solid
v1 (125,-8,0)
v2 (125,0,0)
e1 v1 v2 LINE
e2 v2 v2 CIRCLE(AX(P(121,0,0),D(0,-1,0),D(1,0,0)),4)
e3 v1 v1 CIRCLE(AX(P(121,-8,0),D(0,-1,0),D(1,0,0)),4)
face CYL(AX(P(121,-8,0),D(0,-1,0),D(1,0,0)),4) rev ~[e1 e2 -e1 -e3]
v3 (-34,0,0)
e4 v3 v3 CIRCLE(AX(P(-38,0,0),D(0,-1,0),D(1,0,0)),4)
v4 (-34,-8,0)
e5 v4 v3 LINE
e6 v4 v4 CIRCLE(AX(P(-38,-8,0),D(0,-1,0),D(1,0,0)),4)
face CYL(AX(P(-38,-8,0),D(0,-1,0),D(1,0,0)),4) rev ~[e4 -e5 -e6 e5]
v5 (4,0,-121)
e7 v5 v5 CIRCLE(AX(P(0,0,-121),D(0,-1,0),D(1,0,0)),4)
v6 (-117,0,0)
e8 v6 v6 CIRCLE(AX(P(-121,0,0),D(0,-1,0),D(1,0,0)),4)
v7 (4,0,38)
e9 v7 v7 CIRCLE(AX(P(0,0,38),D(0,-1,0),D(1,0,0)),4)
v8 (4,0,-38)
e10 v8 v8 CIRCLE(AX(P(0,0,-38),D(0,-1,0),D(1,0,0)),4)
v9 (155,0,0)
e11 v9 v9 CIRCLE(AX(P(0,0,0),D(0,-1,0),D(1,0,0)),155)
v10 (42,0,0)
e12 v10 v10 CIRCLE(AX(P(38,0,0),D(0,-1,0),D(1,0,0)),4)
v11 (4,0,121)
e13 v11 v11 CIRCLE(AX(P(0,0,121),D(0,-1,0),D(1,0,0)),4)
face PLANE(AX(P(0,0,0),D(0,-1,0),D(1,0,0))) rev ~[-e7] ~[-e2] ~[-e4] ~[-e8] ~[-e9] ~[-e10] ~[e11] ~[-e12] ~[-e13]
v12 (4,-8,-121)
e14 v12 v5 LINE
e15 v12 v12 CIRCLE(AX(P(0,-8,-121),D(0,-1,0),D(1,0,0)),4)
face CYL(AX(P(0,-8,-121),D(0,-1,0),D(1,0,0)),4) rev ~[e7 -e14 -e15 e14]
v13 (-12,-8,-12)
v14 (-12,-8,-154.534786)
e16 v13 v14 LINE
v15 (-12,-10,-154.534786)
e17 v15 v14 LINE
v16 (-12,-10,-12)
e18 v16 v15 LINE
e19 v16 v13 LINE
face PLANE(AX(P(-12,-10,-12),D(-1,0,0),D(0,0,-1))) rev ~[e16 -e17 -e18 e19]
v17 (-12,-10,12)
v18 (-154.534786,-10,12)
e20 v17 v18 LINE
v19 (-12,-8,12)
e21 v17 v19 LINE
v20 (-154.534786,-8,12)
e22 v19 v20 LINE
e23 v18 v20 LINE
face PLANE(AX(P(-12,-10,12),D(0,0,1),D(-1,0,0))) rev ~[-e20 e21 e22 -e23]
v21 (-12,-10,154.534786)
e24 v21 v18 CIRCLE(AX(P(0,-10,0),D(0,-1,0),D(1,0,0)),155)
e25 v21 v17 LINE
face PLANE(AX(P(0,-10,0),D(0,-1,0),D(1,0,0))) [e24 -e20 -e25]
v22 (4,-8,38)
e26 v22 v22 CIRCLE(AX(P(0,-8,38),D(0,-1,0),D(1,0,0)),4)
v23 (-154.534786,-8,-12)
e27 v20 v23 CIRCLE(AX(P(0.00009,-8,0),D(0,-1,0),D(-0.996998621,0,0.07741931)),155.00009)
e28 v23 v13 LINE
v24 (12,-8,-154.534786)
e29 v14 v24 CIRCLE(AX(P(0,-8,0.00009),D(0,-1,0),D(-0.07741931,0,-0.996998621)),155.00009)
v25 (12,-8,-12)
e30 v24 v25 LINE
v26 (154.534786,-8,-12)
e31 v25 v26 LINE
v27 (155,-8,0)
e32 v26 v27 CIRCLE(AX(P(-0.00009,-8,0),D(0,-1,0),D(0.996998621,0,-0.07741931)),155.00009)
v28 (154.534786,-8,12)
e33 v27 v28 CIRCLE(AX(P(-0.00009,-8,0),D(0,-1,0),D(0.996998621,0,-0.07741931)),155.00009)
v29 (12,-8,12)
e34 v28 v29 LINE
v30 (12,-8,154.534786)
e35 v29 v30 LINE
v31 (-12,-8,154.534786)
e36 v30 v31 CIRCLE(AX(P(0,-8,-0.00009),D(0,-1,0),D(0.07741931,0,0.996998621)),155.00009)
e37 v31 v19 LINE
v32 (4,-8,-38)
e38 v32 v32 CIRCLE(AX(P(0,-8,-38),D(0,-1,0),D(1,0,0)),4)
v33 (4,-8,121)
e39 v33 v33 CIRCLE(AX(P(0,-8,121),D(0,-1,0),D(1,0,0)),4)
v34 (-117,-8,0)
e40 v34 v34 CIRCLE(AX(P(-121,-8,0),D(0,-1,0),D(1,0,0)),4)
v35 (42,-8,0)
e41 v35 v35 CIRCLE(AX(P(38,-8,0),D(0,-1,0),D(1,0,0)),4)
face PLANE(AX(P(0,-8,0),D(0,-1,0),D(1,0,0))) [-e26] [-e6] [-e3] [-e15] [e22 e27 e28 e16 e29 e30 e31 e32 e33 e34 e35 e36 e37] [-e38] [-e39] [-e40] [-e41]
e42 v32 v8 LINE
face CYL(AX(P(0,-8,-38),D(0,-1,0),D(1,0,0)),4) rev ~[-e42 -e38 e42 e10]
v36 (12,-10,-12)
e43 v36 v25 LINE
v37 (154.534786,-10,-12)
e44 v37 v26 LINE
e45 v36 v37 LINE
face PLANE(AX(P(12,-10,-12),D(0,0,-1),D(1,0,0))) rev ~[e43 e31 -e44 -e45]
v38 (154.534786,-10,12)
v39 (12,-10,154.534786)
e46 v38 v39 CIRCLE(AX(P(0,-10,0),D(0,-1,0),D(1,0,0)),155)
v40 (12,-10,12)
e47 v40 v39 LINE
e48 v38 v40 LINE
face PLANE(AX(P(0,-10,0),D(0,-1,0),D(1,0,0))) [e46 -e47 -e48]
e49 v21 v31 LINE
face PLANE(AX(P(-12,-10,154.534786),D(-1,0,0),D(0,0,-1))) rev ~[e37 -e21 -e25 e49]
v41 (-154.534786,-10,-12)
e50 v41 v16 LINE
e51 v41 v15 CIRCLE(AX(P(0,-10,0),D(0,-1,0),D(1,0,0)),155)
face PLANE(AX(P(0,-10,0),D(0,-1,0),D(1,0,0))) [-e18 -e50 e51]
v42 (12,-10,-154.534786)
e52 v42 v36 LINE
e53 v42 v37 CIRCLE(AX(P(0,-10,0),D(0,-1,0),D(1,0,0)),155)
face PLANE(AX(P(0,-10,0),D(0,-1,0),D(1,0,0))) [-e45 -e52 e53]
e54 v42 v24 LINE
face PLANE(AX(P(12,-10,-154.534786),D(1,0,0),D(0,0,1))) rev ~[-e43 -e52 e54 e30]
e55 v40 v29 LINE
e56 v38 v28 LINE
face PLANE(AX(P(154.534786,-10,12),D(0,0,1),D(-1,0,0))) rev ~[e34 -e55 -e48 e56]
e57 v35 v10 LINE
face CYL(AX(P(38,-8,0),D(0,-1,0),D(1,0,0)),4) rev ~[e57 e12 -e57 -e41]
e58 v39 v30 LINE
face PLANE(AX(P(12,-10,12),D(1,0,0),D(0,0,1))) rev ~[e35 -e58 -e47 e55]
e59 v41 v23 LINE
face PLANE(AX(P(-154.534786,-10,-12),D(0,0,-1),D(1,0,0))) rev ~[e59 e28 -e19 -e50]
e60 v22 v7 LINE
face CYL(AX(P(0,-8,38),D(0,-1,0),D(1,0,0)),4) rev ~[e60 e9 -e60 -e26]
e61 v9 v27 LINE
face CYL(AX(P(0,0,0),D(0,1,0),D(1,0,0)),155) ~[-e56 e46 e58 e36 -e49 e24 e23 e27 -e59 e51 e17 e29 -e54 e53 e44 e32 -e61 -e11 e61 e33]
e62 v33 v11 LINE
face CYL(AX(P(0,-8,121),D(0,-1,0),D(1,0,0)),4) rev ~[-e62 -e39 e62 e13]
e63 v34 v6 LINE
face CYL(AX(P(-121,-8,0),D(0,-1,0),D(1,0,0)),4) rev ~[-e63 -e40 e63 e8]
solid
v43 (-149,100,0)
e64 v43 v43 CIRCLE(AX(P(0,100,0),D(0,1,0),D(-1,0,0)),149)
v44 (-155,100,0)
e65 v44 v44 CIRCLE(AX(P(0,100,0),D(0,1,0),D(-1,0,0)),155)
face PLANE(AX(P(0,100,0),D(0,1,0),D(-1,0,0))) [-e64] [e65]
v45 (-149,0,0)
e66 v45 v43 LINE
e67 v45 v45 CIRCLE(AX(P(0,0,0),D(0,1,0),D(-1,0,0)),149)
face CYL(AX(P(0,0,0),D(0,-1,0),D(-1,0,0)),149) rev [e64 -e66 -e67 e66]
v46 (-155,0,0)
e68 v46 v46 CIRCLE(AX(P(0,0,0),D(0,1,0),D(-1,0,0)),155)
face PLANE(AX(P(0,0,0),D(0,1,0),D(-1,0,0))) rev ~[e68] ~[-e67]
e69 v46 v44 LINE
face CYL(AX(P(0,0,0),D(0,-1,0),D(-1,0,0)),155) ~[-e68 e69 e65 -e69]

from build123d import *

# Parameters (mm, degrees)
F0_R     = 155
F1_DEPTH = 10
F2_R     = 155
F2_R_2   = 149
F3_DEPTH = 100
F5_DEPTH = 2
F6_R     = 4
F7_DEPTH = 108.001


with BuildPart() as f1:
    # F0 (on Front) → F1 (new body)
    with BuildSketch(Plane.XZ):
        Circle(F0_R)
    extrude(amount=F1_DEPTH)

    # F4 (on face) → F5 (cut)
    with BuildSketch(Plane.XZ.offset(10)):
        with BuildLine():
            Line((-12, 154.534786), (-12, 12))
            Line((-12, 12), (-154.534786, 12))
            ThreePointArc((-154.534786, 12), (-155, 0), (-154.534786, -12))
            Line((-154.534786, -12), (-12, -12))
            Line((-12, -12), (-12, -154.534786))
            ThreePointArc((-12, -154.534786), (0, -155), (12, -154.534786))
            Line((12, -154.534786), (12, -12))
            Line((12, -12), (154.534786, -12))
            ThreePointArc((154.534786, -12), (155, 0), (154.534786, 12))
            Line((154.534786, 12), (12, 12))
            Line((12, 12), (12, 154.534786))
            ThreePointArc((12, 154.534786), (0, 155), (-12, 154.534786))
        make_face()
    extrude(amount=-F5_DEPTH, mode=Mode.SUBTRACT)

    # F6 (on face) → F7 (cut, through all)
    with BuildSketch(Plane.XZ.offset(8)):
        with Locations((0, 121)):
            Circle(F6_R)
        with Locations((0, 38)):
            Circle(F6_R)
        with Locations((-121, 0)):
            Circle(F6_R)
        with Locations((-38, 0)):
            Circle(F6_R)
        with Locations((0, -121)):
            Circle(F6_R)
        with Locations((0, -38)):
            Circle(F6_R)
        with Locations((121, 0)):
            Circle(F6_R)
        with Locations((38, 0)):
            Circle(F6_R)
    extrude(amount=-F7_DEPTH, mode=Mode.SUBTRACT)


with BuildPart() as f3:
    # F2 (on face) → F3 (new body)
    with BuildSketch(Plane(origin=(0, 0, 0), x_dir=(-1, 0, 0), z_dir=(0, 1, 0))):
        Circle(F2_R)
        Circle(F2_R_2, mode=Mode.SUBTRACT)
    extrude(amount=F3_DEPTH)


solid = Compound([f1.part, f3.part])
